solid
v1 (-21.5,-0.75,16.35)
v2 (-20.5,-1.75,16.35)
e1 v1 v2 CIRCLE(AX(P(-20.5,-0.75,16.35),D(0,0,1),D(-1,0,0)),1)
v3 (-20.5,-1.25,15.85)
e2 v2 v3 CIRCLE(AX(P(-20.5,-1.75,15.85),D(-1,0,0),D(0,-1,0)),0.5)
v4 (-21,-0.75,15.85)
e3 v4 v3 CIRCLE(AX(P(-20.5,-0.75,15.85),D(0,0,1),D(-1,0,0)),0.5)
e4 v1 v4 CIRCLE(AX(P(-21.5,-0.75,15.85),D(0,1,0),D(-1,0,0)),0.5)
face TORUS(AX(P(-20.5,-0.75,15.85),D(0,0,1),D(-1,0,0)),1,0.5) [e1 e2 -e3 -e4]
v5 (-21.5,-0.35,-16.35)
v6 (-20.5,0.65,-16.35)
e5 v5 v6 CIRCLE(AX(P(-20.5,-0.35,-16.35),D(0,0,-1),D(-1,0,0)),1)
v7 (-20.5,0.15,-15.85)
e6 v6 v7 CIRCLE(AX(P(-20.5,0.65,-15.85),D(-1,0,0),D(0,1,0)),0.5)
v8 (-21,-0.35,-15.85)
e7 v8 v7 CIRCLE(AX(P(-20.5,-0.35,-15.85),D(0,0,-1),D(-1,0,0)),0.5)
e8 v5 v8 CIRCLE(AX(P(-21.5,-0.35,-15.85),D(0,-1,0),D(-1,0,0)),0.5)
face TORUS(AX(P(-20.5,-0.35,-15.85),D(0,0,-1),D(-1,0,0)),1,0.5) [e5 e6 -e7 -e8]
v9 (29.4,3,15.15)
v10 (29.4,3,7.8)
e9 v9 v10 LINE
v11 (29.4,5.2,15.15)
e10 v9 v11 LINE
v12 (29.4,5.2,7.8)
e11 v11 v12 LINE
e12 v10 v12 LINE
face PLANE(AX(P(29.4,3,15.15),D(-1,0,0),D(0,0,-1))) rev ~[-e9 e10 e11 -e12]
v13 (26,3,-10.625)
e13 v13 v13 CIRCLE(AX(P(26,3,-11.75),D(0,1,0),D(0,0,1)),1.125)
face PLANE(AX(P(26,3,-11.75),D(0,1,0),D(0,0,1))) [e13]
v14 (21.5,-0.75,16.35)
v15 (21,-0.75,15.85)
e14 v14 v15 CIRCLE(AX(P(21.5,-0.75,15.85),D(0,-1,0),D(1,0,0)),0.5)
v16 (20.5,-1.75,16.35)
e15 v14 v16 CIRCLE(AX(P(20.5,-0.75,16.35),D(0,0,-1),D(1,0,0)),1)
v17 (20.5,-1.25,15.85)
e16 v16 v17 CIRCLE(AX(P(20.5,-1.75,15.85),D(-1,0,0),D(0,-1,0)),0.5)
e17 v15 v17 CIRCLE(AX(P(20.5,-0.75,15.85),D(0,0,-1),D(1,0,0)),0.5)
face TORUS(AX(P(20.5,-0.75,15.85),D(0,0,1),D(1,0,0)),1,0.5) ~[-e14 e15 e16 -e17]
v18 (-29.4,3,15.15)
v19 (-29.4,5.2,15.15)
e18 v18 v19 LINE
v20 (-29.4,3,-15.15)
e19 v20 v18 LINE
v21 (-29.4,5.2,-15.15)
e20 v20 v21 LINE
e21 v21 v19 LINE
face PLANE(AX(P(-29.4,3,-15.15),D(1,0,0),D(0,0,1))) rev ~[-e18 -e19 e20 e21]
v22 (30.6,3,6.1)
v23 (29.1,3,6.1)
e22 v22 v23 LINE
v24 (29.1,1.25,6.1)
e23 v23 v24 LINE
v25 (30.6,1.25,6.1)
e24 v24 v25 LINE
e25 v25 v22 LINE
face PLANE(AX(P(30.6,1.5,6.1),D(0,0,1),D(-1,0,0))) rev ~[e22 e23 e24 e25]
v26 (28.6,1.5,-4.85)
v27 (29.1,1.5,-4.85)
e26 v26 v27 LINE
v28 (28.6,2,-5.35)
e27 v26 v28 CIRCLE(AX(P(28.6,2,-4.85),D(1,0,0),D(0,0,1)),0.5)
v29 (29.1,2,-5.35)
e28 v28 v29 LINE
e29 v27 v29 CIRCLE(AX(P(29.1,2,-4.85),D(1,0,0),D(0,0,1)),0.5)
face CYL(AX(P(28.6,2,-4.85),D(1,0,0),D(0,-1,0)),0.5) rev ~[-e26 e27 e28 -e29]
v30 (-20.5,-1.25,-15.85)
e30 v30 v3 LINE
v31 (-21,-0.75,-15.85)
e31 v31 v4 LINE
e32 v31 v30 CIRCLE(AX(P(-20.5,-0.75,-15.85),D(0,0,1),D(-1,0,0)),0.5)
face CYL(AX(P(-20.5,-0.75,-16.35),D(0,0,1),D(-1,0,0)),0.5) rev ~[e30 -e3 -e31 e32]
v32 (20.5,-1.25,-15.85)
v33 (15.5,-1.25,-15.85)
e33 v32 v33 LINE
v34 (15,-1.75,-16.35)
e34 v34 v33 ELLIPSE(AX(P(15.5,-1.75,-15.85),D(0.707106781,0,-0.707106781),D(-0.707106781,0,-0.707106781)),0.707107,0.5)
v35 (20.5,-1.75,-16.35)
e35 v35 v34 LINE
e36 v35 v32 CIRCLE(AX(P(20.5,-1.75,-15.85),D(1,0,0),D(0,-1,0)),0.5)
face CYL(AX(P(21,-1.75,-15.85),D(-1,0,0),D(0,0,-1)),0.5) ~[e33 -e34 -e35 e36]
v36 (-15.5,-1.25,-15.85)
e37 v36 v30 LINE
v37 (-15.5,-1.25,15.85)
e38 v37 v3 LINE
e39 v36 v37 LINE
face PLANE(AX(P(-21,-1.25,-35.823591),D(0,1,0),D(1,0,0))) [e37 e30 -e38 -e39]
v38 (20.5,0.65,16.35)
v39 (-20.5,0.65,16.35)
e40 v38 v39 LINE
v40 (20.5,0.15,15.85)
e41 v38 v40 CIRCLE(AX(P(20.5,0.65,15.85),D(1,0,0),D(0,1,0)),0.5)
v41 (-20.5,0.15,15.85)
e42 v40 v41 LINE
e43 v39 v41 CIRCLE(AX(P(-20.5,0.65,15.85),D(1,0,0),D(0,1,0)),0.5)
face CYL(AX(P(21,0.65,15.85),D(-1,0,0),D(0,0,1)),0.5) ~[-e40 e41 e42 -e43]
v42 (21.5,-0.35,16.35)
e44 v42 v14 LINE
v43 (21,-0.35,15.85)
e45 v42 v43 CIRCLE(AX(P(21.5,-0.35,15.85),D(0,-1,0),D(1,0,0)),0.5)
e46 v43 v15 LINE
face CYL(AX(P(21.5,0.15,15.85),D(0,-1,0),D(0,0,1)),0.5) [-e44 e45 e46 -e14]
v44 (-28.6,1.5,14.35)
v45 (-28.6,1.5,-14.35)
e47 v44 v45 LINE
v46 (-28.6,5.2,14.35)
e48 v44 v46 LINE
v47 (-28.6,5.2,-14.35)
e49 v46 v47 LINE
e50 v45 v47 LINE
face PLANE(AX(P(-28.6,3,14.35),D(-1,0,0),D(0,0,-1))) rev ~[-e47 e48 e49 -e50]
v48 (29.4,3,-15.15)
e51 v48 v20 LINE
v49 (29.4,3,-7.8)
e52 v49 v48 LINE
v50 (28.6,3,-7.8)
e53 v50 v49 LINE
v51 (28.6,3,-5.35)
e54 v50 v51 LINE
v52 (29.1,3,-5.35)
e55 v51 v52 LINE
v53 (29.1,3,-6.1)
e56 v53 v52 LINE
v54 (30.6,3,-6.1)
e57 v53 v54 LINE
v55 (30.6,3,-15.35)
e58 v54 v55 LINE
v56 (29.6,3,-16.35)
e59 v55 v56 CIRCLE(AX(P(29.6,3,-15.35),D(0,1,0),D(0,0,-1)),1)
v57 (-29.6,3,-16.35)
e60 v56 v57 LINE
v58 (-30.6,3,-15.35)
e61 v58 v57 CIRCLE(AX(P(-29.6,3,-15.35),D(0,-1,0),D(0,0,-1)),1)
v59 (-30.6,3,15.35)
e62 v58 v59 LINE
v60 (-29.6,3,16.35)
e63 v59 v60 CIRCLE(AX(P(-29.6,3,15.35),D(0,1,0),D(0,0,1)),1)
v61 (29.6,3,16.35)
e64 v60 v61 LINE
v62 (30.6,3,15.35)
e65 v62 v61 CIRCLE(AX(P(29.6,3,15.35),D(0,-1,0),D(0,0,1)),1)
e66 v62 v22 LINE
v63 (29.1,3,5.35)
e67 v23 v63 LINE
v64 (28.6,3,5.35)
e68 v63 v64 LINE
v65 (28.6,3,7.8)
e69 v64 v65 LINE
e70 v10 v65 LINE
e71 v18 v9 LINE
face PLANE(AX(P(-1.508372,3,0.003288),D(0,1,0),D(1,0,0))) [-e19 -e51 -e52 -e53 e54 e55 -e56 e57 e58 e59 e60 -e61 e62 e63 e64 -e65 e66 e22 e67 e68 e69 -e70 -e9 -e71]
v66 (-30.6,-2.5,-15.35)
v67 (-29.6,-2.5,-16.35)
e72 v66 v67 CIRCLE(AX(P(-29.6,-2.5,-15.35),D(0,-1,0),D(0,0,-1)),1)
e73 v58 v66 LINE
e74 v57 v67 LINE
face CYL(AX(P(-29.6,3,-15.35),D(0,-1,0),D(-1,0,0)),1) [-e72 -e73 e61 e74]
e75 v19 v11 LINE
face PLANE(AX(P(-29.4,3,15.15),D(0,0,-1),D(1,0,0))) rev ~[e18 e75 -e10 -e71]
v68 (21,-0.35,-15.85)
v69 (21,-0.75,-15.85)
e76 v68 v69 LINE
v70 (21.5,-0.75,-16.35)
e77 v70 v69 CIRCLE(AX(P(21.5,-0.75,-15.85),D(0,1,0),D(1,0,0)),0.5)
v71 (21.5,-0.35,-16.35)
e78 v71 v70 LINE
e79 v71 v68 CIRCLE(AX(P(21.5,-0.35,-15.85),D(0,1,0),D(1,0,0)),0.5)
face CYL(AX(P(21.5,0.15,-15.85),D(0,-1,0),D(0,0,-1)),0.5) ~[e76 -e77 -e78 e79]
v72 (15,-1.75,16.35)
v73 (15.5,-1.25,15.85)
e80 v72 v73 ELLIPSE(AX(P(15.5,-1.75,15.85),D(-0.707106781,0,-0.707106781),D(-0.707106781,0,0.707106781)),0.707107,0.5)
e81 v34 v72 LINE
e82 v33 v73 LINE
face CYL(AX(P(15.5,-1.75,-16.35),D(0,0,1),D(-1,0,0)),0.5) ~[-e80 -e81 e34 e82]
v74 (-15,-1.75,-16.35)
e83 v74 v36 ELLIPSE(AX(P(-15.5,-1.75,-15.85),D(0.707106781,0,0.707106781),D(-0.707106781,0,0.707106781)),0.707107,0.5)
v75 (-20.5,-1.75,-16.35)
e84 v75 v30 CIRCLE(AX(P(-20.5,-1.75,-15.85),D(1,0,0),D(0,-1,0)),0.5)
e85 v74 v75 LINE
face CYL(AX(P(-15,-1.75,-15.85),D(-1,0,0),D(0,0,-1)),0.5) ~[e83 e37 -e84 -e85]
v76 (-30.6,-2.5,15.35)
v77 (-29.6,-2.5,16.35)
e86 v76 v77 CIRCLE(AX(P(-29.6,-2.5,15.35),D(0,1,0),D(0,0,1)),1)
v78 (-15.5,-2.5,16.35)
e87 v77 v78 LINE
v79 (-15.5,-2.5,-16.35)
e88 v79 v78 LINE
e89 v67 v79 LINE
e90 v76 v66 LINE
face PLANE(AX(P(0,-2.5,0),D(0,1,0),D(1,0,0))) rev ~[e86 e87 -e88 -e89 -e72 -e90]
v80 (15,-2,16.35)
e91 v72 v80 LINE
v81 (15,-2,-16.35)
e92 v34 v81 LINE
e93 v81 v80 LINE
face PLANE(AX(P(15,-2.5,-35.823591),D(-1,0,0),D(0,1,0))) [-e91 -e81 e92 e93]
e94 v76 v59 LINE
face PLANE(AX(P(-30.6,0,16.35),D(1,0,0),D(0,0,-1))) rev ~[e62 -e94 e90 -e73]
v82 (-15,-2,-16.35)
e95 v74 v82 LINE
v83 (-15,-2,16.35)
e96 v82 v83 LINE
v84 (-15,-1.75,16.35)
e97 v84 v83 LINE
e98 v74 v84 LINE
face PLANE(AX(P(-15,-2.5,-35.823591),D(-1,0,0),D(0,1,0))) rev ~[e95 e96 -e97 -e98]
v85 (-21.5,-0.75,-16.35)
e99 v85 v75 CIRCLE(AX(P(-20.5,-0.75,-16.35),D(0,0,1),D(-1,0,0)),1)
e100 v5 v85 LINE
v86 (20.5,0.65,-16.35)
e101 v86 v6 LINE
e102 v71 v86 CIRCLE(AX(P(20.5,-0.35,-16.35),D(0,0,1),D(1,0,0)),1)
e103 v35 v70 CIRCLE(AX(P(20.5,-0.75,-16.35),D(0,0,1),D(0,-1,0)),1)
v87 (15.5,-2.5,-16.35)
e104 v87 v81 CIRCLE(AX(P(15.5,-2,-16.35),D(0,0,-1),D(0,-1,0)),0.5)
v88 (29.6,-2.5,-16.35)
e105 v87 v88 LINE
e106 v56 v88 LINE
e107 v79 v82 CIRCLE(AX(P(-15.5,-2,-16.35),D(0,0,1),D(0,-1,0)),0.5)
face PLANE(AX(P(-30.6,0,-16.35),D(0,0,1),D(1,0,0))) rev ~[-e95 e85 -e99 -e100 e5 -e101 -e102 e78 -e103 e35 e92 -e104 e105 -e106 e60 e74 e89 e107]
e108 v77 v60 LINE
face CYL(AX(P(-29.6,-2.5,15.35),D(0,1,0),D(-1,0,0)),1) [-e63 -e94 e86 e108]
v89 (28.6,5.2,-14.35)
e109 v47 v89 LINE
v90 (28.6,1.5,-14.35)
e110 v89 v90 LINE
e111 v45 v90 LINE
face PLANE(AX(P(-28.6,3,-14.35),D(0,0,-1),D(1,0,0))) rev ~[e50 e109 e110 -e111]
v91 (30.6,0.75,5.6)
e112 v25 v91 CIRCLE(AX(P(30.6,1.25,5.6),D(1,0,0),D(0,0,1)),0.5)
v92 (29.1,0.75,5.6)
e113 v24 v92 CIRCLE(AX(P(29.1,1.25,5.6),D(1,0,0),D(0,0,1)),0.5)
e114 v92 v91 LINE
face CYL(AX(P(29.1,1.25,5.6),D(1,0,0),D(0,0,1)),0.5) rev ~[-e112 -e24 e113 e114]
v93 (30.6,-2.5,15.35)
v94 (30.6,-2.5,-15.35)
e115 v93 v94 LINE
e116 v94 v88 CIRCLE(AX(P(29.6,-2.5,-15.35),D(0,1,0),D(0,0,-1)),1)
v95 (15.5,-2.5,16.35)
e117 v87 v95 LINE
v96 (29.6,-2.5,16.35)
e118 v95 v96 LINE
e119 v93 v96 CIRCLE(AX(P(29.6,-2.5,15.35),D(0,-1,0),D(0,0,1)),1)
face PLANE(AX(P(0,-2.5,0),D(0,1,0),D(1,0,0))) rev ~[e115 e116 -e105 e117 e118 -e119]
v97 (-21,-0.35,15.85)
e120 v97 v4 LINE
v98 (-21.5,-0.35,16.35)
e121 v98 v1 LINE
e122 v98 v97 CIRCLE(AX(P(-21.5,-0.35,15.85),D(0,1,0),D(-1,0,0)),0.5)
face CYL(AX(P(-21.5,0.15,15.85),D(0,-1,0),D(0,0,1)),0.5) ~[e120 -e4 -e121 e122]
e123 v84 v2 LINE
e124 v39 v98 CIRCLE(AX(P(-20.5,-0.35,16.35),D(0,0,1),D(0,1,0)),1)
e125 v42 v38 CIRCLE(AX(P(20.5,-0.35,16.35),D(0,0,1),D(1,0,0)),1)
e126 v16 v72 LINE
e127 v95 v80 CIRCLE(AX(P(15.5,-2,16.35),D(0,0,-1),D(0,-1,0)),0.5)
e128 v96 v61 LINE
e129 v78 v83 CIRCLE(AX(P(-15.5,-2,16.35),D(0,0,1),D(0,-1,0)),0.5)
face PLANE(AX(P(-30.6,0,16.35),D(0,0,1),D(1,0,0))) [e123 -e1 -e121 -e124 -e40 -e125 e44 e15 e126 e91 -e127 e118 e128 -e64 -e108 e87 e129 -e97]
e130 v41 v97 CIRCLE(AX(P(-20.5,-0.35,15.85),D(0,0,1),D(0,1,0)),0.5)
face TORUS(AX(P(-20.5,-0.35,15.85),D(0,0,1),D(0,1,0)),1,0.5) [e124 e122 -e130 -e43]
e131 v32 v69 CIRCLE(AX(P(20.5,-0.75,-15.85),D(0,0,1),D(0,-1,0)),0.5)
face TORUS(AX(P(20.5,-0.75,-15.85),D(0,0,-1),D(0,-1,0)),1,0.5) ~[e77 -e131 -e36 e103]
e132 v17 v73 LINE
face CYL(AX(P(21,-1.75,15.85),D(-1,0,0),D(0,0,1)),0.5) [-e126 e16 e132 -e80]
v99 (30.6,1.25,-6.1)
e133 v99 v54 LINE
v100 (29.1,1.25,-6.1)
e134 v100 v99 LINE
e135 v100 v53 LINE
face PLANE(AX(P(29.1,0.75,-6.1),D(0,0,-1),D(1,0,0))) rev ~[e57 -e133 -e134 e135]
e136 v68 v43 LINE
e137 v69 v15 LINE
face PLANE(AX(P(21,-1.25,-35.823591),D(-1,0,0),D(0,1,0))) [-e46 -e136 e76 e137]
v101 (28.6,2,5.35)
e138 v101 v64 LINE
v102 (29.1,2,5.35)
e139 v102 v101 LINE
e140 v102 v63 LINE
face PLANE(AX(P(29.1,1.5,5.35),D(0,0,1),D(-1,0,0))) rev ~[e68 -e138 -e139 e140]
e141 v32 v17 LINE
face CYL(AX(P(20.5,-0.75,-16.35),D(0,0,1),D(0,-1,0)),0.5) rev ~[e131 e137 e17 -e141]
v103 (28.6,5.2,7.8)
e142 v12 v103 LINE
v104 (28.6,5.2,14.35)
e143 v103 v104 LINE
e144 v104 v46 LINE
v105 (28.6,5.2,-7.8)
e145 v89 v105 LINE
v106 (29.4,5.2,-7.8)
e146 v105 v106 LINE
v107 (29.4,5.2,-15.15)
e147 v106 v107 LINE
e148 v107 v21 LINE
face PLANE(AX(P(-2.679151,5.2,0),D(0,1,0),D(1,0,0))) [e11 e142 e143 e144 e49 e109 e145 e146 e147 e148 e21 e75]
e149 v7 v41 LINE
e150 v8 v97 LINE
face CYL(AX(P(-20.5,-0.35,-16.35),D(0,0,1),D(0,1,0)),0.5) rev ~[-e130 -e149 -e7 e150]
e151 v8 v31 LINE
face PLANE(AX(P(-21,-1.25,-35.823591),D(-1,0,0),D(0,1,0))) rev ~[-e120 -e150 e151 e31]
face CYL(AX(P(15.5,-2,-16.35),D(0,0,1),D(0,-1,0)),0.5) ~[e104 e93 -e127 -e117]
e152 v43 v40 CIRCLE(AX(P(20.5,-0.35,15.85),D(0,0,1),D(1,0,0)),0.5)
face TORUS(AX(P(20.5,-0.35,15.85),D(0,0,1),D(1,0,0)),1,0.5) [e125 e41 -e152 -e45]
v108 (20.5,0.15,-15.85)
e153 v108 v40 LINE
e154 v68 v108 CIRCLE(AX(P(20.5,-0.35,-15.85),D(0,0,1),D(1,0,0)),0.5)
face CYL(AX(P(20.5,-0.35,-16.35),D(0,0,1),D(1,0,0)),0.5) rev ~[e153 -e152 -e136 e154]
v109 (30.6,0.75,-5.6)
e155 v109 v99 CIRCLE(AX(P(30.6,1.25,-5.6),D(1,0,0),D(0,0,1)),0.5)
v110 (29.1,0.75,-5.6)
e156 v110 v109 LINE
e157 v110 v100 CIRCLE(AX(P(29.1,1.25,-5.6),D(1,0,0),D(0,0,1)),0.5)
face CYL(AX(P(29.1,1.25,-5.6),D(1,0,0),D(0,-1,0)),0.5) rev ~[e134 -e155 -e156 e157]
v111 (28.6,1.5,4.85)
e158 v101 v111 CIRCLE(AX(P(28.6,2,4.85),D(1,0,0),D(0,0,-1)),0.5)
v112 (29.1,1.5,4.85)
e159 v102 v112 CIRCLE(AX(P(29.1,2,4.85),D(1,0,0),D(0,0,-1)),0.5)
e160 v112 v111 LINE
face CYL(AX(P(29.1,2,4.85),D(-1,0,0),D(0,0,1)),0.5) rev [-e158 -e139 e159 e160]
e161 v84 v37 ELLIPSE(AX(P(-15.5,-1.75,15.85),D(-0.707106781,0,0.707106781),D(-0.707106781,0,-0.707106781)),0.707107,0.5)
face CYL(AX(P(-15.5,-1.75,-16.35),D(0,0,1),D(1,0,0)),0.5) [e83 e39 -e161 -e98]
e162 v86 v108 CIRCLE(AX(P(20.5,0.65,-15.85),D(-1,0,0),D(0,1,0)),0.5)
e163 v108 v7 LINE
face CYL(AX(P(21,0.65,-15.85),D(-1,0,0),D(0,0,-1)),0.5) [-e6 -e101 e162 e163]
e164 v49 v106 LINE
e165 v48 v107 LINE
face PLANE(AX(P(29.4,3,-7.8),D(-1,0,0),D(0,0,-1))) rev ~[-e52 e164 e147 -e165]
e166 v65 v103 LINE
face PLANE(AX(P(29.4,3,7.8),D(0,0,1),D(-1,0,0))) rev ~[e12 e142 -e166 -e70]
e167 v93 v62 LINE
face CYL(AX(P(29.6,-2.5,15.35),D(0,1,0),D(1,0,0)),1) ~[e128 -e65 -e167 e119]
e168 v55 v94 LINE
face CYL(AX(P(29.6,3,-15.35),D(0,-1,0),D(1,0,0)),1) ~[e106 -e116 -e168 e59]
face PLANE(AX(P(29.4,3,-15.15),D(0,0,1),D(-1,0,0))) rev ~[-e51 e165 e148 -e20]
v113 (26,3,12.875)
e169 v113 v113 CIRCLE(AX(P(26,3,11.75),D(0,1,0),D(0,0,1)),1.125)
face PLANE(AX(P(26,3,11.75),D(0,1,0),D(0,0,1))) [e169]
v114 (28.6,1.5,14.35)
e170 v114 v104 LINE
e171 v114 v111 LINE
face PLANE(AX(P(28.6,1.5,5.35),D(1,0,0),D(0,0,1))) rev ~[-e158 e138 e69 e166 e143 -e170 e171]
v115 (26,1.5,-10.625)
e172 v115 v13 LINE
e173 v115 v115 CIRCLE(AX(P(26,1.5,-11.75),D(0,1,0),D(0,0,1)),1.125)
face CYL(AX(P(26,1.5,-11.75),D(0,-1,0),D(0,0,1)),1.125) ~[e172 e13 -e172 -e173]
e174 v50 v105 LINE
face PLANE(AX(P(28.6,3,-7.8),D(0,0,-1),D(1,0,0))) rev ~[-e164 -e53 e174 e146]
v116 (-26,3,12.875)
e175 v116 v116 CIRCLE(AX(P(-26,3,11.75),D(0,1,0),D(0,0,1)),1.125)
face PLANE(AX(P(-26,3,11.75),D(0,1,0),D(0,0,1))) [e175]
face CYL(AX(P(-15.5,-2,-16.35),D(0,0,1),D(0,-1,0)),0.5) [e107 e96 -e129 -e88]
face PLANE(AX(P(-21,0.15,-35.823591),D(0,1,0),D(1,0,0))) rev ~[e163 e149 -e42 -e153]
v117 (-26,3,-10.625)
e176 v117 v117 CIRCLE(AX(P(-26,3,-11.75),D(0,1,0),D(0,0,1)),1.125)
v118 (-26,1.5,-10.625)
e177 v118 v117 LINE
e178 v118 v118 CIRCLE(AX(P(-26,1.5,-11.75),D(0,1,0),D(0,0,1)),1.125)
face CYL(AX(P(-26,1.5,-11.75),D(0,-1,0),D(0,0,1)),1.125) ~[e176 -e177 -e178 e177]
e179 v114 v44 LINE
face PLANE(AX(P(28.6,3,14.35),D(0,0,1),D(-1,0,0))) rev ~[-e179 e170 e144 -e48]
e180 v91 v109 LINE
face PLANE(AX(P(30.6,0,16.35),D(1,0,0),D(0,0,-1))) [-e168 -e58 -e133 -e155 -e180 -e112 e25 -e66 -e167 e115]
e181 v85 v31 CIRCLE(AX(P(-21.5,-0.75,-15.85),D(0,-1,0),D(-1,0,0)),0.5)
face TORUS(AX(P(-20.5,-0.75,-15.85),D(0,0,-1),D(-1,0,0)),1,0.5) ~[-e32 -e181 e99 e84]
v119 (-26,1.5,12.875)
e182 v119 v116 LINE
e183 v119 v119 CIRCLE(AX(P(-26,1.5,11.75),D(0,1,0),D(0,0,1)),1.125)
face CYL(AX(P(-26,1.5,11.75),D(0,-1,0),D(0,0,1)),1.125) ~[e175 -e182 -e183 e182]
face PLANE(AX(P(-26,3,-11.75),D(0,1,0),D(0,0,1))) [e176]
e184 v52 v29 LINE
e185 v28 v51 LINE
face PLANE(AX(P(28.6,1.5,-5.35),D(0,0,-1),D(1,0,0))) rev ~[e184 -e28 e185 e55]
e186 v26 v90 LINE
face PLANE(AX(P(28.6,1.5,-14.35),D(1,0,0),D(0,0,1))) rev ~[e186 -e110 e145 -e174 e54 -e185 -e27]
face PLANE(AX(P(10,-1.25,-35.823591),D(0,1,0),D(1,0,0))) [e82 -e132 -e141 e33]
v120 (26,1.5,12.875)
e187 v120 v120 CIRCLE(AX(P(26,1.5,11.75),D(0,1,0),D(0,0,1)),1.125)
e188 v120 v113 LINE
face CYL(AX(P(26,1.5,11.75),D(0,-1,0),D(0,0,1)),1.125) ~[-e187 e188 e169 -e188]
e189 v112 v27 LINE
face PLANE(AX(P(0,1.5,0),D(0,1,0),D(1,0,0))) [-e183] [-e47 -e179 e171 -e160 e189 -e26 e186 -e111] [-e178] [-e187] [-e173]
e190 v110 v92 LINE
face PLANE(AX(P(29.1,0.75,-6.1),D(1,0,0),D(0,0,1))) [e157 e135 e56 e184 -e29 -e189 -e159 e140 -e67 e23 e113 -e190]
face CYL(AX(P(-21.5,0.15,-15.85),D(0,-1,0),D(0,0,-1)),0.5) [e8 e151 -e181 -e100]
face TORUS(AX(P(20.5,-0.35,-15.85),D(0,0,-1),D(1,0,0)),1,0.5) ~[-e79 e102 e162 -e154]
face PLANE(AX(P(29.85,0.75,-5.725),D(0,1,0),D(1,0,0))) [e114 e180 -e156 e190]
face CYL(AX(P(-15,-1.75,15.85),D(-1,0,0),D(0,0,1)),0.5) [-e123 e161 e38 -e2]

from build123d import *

# Parameters (mm, degrees)
SKETCH2_W               = 61.2
SKETCH2_H               = 32.7
BOSS_EXTRUDE1_DEPTH     = 1.5
BOSS_EXTRUDE2_START     = 1.5
SKETCH2_3_R             = 1.125
BOSS_EXTRUDE2_DEPTH     = 1.5
SKETCH2_4_W             = 61.2
SKETCH2_4_H             = 32.7
BOSS_EXTRUDE3_DEPTH     = 2.5
FILLET1_R               = 1
CUT_EXTRUDE1_DEPTH      = 35.823591142
CUT_EXTRUDE1_DEPTH_BACK = 35.823591142
SKETCH3_W               = 42
SKETCH3_H               = 1.4
SKETCH3_W_2             = 20
SKETCH3_H_2             = 1.25
CUT_EXTRUDE3_DEPTH      = 35.823591142
CUT_EXTRUDE3_DEPTH_BACK = 35.823591142
SKETCH3_4_W             = 5
SKETCH3_4_H             = 1.25
SKETCH3_4_W_2           = 20
FILLET2_R               = 0.5
CUT_EXTRUDE2_START      = 0.75
SKETCH2_5_W             = 1.5
SKETCH2_5_H             = 0.75
SKETCH2_5_H_2           = 10.7
CUT_EXTRUDE2_DEPTH      = 2.25
FILLET3_R               = 0.5
BOSS_EXTRUDE4_DEPTH     = 2.2


with BuildPart() as part:
    # Sketch2 → Boss-Extrude1 (new body)
    with BuildSketch(Plane(origin=(0, 0, 0), x_dir=(1, 0, 0), z_dir=(0, 1, 0))):
        Rectangle(SKETCH2_W, SKETCH2_H)
    extrude(amount=BOSS_EXTRUDE1_DEPTH)

    # Sketch2<3> → Boss-Extrude2 (add)
    with BuildSketch(Plane(origin=(0, 0, 0), x_dir=(1, 0, 0), z_dir=(0, 1, 0)).offset(BOSS_EXTRUDE2_START)):
        Polygon((-30.6, 16.35), (-30.6, -16.35), (30.6, -16.35), (30.6, -6.1), (29.1, -6.1), (29.1, -5.35), (28.6, -5.35), (28.6, -14.35), (-28.6, -14.35), (-28.6, 14.35), (28.6, 14.35), (28.6, 5.35), (30.6, 5.35), (30.6, 16.35), align=None)
        with Locations(Location((-26, 11.75, 0), (0, 0, 270))):
            Circle(SKETCH2_3_R)
        with Locations(Location((-26, -11.75, 0), (0, 0, 270))):
            Circle(SKETCH2_3_R)
        with Locations(Location((26, -11.75, 0), (0, 0, 270))):
            Circle(SKETCH2_3_R)
        with Locations(Location((26, 11.75, 0), (0, 0, 270))):
            Circle(SKETCH2_3_R)
    extrude(amount=BOSS_EXTRUDE2_DEPTH)

    # Sketch2<4> → Boss-Extrude3 (add)
    with BuildSketch(Plane(origin=(0, 0, 0), x_dir=(1, 0, 0), z_dir=(0, 1, 0))):
        Rectangle(SKETCH2_4_W, SKETCH2_4_H)
    extrude(amount=-BOSS_EXTRUDE3_DEPTH)

    # Fillet1
    fillet1_edges = [part.edges().sort_by_distance(p)[0] for p in [
        (-30.6, 0.25, -16.35),
        (30.6, 0.25, -16.35),
        (30.6, 0.25, 16.35),
        (-30.6, 0.25, 16.35),
    ]]
    fillet(fillet1_edges, radius=FILLET1_R)

    # Sketch3 → Cut-Extrude1 (cut, two sides: drawn at the far end of the back side and taken through both)
    with BuildSketch(Plane.XY.offset(-CUT_EXTRUDE1_DEPTH_BACK)):
        with Locations((0, -0.55)):
            Rectangle(SKETCH3_W, SKETCH3_H)
        with Locations((0, -1.875)):
            Rectangle(SKETCH3_W_2, SKETCH3_H_2)
    extrude(amount=CUT_EXTRUDE1_DEPTH + CUT_EXTRUDE1_DEPTH_BACK, mode=Mode.SUBTRACT)

    # Sketch3<4> → Cut-Extrude3 (cut, two sides: drawn at the far end of the back side and taken through both)
    with BuildSketch(Plane.XY.offset(-CUT_EXTRUDE3_DEPTH_BACK)):
        with Locations((12.5, -1.875)):
            Rectangle(SKETCH3_4_W, SKETCH3_4_H)
        with Locations((0, -1.875)):
            Rectangle(SKETCH3_4_W_2, SKETCH3_4_H)
        with Locations((-12.5, -1.875)):
            Rectangle(SKETCH3_4_W, SKETCH3_4_H)
    extrude(amount=CUT_EXTRUDE3_DEPTH + CUT_EXTRUDE3_DEPTH_BACK, mode=Mode.SUBTRACT)

    # Fillet2
    fillet2_edges = [part.edges().sort_by_distance(p)[0] for p in [
        (-18, -1.25, -16.35),
        (-21, -1.25, 0),
        (-21, -0.55, 16.35),
        (-21, 0.15, 0),
        (0, 0.15, 16.35),
        (21, 0.15, 0),
        (21, -0.55, -16.35),
        (21, -1.25, 0),
        (-21, -0.55, -16.35),
        (0, 0.15, -16.35),
        (-18, -1.25, 16.35),
        (21, -0.55, 16.35),
        (18, -1.25, -16.35),
        (18, -1.25, 16.35),
        (-15, -1.25, 0),
        (15, -2.5, 0),
        (-15, -2.5, 0),
        (15, -1.25, 0),
    ]]
    fillet(fillet2_edges, radius=FILLET2_R)

    # Sketch2<5> → Cut-Extrude2 (cut)
    with BuildSketch(Plane(origin=(0, 0, 0), x_dir=(1, 0, 0), z_dir=(0, 1, 0)).offset(CUT_EXTRUDE2_START)):
        with Locations((29.85, 5.725)):
            Rectangle(SKETCH2_5_W, SKETCH2_5_H)
        with Locations((29.85, 0)):
            Rectangle(SKETCH2_5_W, SKETCH2_5_H_2)
        with Locations((29.85, -5.725)):
            Rectangle(SKETCH2_5_W, SKETCH2_5_H)
    extrude(amount=CUT_EXTRUDE2_DEPTH, mode=Mode.SUBTRACT)

    # Fillet3
    fillet3_edges = [part.edges().sort_by_distance(p)[0] for p in [
        (29.85, 0.75, 6.1),
        (29.85, 0.75, -6.1),
        (28.85, 1.5, -5.35),
        (28.85, 1.5, 5.35),
    ]]
    fillet(fillet3_edges, radius=FILLET3_R)

    # Sketch4 → Boss-Extrude4 (add)
    with BuildSketch(Plane(origin=(0, 3, 0), x_dir=(1, 0, 0), z_dir=(0, 1, 0))):
        Polygon((29.4, 15.15), (-29.4, 15.15), (-29.4, -15.15), (29.4, -15.15), (29.4, -7.8), (28.6, -7.8), (28.6, -14.35), (-28.6, -14.35), (-28.6, 14.35), (28.6, 14.35), (28.6, 7.8), (29.4, 7.8), align=None)
    extrude(amount=BOSS_EXTRUDE4_DEPTH)


solid = part.part
